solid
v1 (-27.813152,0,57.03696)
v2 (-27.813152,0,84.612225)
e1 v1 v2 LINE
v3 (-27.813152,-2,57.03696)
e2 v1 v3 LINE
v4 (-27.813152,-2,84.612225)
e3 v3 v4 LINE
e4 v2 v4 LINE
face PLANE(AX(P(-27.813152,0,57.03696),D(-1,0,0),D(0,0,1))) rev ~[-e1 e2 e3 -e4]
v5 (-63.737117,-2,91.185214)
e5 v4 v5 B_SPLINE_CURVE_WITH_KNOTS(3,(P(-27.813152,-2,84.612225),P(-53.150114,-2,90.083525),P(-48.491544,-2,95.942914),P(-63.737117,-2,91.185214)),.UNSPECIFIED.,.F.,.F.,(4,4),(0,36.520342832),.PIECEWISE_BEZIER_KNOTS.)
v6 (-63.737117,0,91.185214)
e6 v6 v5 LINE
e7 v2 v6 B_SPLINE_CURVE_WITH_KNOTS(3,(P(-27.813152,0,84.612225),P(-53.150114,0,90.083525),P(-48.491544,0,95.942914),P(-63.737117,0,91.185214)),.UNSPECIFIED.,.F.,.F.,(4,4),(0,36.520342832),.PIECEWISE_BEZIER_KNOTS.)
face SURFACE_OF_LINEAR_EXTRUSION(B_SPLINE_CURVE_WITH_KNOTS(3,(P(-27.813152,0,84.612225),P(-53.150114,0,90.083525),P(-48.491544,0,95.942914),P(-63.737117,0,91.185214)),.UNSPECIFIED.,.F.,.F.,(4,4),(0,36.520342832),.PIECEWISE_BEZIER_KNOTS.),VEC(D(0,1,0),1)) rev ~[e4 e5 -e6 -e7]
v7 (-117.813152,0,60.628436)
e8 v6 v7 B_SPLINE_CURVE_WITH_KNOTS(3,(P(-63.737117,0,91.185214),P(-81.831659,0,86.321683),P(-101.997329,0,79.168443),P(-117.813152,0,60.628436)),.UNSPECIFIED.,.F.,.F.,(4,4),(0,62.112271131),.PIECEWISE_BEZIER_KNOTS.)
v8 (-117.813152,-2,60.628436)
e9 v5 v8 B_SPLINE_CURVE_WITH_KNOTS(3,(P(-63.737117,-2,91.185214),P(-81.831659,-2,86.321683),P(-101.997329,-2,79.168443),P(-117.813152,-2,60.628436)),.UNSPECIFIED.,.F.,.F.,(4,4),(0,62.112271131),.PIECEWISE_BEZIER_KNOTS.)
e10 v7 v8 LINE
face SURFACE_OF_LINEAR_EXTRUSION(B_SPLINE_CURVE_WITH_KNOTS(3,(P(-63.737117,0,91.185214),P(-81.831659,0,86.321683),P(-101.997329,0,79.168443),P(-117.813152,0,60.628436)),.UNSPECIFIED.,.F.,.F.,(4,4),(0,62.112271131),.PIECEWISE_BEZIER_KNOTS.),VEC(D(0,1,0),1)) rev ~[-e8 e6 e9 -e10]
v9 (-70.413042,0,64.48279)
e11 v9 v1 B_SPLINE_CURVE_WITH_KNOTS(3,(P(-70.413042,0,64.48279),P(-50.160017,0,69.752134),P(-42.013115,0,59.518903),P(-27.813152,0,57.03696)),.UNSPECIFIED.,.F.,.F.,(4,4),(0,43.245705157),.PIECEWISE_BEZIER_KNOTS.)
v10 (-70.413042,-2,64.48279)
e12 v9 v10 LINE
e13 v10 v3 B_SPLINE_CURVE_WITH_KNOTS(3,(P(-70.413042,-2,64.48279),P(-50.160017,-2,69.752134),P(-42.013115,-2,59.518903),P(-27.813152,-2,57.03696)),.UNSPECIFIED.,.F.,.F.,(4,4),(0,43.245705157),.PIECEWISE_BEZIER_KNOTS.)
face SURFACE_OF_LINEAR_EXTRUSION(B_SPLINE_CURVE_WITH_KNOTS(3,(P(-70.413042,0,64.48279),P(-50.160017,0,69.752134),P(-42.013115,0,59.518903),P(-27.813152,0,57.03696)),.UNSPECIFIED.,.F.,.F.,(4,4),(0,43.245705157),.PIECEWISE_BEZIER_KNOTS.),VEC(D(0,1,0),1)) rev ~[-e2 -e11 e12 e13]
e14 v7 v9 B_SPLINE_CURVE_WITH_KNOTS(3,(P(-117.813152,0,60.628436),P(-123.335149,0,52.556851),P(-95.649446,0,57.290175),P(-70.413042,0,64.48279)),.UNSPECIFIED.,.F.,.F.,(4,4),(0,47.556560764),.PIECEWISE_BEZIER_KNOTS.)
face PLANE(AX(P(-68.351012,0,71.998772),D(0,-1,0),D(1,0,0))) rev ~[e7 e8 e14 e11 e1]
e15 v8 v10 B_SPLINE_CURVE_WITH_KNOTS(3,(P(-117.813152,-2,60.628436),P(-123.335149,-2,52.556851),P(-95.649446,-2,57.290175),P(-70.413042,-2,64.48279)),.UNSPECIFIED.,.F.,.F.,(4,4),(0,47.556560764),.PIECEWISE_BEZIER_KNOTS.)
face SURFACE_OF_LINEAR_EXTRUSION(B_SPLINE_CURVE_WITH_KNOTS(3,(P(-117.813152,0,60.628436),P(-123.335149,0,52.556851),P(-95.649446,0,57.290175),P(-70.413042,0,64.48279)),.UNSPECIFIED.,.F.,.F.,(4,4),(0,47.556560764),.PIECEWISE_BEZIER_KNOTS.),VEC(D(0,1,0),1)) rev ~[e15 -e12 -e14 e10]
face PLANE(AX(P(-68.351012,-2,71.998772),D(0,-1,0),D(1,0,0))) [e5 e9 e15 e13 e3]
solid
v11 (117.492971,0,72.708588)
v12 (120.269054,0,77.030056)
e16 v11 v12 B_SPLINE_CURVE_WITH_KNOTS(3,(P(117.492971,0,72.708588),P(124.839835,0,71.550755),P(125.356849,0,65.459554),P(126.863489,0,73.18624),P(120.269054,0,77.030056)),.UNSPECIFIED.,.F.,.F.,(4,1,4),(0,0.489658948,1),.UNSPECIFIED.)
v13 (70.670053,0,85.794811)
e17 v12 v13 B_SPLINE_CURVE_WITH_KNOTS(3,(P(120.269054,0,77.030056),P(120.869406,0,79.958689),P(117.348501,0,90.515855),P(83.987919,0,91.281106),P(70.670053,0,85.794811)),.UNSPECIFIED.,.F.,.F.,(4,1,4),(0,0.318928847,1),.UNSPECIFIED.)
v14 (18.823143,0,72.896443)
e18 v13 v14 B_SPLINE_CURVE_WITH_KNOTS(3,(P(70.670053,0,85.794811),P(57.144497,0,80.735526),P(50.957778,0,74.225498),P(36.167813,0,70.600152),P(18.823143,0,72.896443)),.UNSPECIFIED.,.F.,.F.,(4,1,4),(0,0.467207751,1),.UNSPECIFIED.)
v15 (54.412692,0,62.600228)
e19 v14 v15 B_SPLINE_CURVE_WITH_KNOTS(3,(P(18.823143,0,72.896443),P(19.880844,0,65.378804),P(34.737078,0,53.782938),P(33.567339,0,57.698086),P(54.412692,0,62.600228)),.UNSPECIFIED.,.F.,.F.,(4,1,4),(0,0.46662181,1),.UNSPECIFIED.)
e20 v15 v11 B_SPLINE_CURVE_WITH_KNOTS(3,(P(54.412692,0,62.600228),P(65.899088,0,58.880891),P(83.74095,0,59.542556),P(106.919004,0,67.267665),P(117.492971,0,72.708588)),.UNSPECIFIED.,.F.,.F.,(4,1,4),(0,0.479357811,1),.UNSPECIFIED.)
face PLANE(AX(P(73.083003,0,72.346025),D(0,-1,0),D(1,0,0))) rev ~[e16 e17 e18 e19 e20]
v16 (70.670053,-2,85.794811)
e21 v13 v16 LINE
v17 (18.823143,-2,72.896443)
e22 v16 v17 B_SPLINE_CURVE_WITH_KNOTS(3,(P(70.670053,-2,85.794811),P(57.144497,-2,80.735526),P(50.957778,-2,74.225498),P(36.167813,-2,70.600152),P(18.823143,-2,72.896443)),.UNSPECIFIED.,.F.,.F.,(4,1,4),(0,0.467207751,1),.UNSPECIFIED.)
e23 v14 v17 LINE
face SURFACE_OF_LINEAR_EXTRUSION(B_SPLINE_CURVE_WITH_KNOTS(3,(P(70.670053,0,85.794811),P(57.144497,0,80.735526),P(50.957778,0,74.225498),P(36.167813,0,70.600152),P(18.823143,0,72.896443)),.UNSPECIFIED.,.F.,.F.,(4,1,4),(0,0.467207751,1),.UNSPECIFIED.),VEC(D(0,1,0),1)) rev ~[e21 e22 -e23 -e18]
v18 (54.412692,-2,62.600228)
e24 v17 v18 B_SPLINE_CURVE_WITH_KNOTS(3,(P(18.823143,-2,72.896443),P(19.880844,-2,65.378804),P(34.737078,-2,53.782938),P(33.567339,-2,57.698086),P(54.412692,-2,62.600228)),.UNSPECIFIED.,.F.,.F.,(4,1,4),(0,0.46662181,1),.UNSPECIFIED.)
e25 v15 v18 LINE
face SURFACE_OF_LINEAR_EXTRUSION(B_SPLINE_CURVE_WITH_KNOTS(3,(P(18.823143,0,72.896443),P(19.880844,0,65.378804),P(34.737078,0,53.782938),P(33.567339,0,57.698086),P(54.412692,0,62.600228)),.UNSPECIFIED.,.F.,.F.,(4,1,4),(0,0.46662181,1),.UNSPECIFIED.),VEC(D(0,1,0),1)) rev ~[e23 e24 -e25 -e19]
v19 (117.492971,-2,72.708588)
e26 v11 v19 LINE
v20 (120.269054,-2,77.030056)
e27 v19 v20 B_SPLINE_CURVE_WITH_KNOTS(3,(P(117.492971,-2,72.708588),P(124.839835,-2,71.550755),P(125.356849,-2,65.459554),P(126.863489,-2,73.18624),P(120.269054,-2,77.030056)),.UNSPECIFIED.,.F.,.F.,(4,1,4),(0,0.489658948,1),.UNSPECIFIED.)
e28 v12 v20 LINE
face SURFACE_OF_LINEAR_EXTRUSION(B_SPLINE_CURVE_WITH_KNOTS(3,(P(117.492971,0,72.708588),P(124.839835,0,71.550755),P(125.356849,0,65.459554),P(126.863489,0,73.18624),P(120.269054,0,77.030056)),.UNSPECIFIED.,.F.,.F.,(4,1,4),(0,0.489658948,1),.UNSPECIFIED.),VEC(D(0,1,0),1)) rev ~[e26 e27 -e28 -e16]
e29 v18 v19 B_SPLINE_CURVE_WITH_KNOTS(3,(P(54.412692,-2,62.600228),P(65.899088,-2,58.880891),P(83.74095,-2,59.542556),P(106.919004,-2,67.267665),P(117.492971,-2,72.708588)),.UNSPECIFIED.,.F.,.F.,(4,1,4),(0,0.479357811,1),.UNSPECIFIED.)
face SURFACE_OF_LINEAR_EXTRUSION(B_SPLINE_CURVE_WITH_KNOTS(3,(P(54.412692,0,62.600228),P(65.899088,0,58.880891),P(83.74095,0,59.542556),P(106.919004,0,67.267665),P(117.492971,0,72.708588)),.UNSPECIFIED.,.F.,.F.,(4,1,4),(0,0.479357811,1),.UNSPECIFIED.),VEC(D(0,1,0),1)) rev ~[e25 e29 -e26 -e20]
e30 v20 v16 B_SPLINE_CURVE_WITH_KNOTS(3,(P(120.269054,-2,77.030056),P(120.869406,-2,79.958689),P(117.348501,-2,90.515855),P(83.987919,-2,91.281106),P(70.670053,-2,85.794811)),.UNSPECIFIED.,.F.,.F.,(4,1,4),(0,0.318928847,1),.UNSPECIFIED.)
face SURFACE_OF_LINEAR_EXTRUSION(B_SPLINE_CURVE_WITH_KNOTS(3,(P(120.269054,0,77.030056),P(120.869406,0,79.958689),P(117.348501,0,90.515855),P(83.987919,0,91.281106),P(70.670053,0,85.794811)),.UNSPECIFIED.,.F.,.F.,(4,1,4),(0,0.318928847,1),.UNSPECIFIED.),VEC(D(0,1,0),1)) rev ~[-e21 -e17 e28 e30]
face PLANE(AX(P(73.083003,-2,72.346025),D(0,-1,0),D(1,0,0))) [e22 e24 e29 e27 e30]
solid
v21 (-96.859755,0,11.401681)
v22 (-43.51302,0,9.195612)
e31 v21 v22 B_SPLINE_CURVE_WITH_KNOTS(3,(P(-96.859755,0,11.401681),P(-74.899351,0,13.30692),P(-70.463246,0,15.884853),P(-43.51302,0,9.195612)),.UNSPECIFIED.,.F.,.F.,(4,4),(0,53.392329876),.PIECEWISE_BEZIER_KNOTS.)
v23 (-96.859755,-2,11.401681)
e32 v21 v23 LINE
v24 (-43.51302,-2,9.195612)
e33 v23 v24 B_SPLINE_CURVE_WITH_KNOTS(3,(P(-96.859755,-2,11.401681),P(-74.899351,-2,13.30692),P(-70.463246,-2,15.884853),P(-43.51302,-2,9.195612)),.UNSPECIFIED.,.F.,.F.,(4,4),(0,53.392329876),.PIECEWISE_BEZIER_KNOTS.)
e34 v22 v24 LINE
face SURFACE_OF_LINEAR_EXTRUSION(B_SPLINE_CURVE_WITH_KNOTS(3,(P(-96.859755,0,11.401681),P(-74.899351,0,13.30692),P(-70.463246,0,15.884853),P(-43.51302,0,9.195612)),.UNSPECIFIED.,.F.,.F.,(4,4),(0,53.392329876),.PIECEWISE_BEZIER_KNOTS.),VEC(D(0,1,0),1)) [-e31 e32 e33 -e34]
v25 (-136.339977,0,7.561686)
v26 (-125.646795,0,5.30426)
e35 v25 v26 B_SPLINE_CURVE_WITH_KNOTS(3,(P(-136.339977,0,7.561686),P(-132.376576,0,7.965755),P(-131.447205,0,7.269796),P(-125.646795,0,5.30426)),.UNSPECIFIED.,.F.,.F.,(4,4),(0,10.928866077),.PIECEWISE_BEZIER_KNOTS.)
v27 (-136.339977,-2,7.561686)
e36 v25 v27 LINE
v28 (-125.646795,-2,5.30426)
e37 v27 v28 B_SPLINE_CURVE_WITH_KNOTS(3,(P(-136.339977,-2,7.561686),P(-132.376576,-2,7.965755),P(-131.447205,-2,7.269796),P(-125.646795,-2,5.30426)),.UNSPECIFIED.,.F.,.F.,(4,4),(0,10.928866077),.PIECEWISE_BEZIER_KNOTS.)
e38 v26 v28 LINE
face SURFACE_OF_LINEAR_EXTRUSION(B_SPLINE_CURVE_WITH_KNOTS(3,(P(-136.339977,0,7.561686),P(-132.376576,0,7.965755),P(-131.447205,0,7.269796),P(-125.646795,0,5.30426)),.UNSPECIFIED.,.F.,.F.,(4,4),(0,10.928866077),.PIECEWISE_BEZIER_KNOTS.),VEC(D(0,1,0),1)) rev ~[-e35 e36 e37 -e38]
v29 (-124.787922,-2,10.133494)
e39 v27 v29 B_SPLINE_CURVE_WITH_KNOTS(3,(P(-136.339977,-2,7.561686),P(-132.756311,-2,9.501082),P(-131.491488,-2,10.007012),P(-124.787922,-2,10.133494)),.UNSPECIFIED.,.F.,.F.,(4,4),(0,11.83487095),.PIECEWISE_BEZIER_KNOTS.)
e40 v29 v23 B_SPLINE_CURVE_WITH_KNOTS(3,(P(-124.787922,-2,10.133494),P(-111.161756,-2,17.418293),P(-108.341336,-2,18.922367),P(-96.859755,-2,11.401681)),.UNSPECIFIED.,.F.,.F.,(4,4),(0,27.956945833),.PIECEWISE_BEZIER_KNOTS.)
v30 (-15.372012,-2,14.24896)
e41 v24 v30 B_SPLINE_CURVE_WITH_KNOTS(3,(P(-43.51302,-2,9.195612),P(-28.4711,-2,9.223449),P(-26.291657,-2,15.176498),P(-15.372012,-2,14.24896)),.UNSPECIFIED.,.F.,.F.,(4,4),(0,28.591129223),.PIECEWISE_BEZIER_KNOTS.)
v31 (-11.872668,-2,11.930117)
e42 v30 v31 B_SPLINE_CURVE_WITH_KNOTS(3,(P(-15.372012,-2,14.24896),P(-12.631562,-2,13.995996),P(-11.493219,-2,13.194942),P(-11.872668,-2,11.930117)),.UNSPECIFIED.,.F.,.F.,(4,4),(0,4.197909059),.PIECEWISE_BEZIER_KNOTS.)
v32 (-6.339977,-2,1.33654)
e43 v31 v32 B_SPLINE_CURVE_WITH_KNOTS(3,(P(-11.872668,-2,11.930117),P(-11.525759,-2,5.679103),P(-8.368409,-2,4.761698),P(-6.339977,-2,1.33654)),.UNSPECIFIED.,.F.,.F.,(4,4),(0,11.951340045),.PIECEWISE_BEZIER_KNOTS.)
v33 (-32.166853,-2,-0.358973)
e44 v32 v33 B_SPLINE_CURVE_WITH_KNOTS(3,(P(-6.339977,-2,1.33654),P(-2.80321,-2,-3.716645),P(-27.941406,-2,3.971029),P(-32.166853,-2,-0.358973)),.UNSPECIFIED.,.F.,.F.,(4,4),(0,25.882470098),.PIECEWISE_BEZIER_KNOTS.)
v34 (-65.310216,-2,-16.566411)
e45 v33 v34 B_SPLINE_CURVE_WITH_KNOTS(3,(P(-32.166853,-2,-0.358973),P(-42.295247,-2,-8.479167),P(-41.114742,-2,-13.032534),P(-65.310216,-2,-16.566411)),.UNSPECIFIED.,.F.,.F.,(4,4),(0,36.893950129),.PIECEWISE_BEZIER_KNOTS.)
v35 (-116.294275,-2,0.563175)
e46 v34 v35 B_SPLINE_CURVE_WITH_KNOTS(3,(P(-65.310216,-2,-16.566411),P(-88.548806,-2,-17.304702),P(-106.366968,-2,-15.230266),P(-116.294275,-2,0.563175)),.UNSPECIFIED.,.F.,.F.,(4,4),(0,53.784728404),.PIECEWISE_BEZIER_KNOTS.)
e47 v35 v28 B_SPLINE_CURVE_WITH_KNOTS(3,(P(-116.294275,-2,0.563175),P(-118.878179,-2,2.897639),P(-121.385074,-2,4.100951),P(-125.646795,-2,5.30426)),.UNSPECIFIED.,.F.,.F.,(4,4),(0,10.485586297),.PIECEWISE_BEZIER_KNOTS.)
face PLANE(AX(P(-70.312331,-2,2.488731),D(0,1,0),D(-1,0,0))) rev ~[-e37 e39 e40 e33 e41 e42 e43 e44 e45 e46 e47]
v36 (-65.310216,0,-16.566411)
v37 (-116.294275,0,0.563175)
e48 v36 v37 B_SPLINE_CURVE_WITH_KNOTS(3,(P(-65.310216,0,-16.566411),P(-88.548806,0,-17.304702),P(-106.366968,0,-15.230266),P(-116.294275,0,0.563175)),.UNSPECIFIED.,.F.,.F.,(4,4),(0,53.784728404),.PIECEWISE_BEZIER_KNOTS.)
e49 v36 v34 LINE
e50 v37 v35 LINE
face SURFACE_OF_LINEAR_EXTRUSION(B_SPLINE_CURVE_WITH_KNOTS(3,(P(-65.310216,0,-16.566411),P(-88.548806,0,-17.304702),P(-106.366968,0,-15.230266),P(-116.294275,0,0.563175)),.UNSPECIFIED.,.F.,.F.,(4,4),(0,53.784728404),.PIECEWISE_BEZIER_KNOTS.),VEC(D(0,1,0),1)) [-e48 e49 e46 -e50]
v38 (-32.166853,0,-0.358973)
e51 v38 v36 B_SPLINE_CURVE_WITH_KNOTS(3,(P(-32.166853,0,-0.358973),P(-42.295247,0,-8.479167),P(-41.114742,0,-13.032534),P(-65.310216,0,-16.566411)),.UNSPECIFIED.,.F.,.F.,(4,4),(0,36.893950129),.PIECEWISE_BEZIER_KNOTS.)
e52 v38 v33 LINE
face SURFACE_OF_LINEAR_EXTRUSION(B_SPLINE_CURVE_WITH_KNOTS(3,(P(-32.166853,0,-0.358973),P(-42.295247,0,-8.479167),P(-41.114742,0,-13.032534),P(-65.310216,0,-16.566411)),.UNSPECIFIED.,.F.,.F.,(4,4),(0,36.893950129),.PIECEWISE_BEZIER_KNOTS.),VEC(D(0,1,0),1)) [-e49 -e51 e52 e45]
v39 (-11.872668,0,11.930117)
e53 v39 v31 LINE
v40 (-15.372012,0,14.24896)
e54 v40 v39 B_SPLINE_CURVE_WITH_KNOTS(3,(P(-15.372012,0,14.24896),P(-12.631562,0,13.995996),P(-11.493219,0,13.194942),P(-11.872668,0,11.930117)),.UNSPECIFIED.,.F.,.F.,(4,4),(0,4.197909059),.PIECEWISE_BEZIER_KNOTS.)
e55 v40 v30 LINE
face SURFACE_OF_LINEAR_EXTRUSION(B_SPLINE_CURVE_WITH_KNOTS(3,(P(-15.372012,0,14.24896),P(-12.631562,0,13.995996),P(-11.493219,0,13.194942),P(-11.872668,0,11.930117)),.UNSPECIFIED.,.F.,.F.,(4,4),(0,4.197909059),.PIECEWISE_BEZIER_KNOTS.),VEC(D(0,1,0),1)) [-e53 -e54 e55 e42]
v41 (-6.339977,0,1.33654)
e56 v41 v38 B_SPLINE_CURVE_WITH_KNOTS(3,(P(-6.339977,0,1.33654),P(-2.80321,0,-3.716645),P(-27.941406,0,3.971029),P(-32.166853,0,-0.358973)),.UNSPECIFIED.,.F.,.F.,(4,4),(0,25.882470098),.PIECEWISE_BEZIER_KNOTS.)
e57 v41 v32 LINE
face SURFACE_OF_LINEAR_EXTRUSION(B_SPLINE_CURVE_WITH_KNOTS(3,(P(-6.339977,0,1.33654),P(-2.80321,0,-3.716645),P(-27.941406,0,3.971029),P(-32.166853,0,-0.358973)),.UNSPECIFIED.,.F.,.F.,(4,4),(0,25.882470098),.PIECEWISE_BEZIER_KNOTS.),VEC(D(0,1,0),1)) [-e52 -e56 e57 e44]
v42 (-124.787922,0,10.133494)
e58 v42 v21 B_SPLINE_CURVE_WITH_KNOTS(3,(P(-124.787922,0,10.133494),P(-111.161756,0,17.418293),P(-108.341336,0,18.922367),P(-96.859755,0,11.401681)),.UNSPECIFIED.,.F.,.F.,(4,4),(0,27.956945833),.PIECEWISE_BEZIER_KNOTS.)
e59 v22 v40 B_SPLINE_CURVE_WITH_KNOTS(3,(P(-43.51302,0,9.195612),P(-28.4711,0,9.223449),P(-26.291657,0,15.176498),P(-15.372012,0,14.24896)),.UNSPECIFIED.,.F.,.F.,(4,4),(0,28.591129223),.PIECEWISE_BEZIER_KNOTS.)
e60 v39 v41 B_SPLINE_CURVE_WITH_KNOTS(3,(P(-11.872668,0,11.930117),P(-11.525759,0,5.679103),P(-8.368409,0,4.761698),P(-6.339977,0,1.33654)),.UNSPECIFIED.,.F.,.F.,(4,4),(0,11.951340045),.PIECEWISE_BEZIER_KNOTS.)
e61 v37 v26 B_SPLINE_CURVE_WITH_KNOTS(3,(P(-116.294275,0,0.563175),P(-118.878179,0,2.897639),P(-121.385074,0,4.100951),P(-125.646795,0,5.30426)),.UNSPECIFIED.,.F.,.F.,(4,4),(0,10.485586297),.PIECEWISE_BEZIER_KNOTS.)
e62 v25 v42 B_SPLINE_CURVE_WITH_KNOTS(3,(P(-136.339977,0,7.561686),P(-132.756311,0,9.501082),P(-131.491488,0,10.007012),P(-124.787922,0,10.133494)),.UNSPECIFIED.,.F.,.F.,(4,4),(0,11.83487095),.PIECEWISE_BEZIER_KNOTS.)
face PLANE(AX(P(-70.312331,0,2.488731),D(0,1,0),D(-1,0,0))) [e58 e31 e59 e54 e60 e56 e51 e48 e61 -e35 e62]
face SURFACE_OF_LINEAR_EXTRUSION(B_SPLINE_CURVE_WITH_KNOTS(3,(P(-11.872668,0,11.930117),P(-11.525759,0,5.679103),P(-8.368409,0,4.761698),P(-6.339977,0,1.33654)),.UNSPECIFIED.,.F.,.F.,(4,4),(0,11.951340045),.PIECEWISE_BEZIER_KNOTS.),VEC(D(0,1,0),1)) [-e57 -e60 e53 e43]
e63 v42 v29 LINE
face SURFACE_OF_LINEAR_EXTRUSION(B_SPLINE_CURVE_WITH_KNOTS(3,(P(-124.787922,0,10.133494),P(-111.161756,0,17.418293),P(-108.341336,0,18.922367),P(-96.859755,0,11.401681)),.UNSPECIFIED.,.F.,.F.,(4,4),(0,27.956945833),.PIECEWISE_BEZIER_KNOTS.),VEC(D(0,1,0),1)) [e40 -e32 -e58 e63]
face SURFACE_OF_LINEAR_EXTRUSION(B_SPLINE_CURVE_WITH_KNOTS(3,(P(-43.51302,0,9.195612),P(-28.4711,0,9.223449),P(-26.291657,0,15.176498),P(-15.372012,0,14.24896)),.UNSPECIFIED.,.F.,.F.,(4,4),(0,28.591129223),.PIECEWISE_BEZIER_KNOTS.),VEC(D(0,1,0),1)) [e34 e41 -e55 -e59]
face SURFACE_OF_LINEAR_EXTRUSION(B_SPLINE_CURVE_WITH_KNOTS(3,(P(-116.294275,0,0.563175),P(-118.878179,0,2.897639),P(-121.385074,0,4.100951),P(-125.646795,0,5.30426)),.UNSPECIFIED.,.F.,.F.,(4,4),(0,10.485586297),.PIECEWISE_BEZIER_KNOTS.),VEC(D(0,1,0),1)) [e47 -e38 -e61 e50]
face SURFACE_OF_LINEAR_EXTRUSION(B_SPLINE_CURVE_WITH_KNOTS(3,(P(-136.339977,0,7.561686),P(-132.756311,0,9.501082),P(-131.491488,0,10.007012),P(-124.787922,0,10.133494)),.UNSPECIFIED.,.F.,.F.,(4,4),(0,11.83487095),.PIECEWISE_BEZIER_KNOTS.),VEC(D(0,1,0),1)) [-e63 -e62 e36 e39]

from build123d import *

# Parameters (mm, degrees)
F1_DEPTH = 2
F2_DEPTH = 2
F3_DEPTH = 2


with BuildPart() as f1:
    # F0 (on Front) → F1 (new body)
    with BuildSketch(Plane.XZ):
        with BuildLine():
            add(Edge.make_bspline(
                [(18.8231425051, 72.8964428303), (19.8808436069, 65.3788038107), (34.7370776251, 53.7829384898), (33.5673388016, 57.6980862061), (54.4126917131, 62.6002282298)],
                knots=[0, 0, 0, 0, 0.4666218102, 1, 1, 1, 1], degree=3))
            add(Edge.make_bspline(
                [(54.4126917131, 62.6002282298), (65.8990881443, 58.8808907475), (83.7409495409, 59.5425556906), (106.919003505, 67.2676650688), (117.4929710335, 72.7085880731)],
                knots=[0, 0, 0, 0, 0.4793578106, 1, 1, 1, 1], degree=3))
            add(Edge.make_bspline(
                [(117.4929710335, 72.7085880731), (124.8398352237, 71.5507546419), (125.3568491925, 65.4595539697), (126.8634894168, 73.1862400584), (120.2690540196, 77.0300564117)],
                knots=[0, 0, 0, 0, 0.4896589483, 1, 1, 1, 1], degree=3))
            add(Edge.make_bspline(
                [(120.2690540196, 77.0300564117), (120.8694055814, 79.9586893693), (117.3485005207, 90.5158551947), (83.9879186797, 91.2811061004), (70.6700533378, 85.7948111885)],
                knots=[0, 0, 0, 0, 0.3189288468, 1, 1, 1, 1], degree=3))
            add(Edge.make_bspline(
                [(70.6700533378, 85.7948111885), (57.1444968179, 80.7355256917), (50.9577782702, 74.2254984537), (36.1678127727, 70.6001524196), (18.8231425051, 72.8964428303)],
                knots=[0, 0, 0, 0, 0.4672077511, 1, 1, 1, 1], degree=3))
        make_face()
    extrude(amount=F1_DEPTH)


with BuildPart() as f2:
    # F0 (on Front) → F2 (new body)
    with BuildSketch(Plane.XZ):
        with BuildLine():
            Line((-27.8131521207, 57.0369597776), (-27.8131521207, 84.6122249882))
            add(Edge.make_bspline(
                [(-27.8131521207, 84.6122249882), (-53.150113672, 90.0835245848), (-48.4915439647, 95.9429144754), (-63.7371170591, 91.1852139324)],
                knots=[0, 0, 0, 0, 36.5203428319, 36.5203428319, 36.5203428319, 36.5203428319], degree=3))
            add(Edge.make_bspline(
                [(-63.7371170591, 91.1852139324), (-81.8316591854, 86.3216825835), (-101.997328814, 79.1684429978), (-117.8131521207, 60.6284363369)],
                knots=[0, 0, 0, 0, 62.1122711306, 62.1122711306, 62.1122711306, 62.1122711306], degree=3))
            add(Edge.make_bspline(
                [(-117.8131521207, 60.6284363369), (-123.3351490576, 52.556851388), (-95.6494464383, 57.2901753206), (-70.413042105, 64.4827900117)],
                knots=[0, 0, 0, 0, 47.5565607645, 47.5565607645, 47.5565607645, 47.5565607645], degree=3))
            add(Edge.make_bspline(
                [(-70.413042105, 64.4827900117), (-50.1600168645, 69.7521343827), (-42.0131154488, 59.518903189), (-27.8131521207, 57.0369597776)],
                knots=[0, 0, 0, 0, 43.2457051573, 43.2457051573, 43.2457051573, 43.2457051573], degree=3))
        make_face()
    extrude(amount=F2_DEPTH)


with BuildPart() as f3:
    # F0 (on Front) → F3 (new body)
    with BuildSketch(Plane.XZ):
        with BuildLine():
            add(Edge.make_bspline(
                [(-136.3399773836, 7.5616859831), (-132.7563108469, 9.5010822872), (-131.491487591, 10.0070115895), (-124.7879223996, 10.1334939151)],
                knots=[0, 0, 0, 0, 11.8348709496, 11.8348709496, 11.8348709496, 11.8348709496], degree=3))
            add(Edge.make_bspline(
                [(-136.3399773836, 7.5616859831), (-132.3765755174, 7.9657551829), (-131.4472051335, 7.2697956545), (-125.6467953898, 5.3042598891)],
                knots=[0, 0, 0, 0, 10.9288660767, 10.9288660767, 10.9288660767, 10.9288660767], degree=3))
            add(Edge.make_bspline(
                [(-116.2942753437, 0.5631746987), (-118.8781786065, 2.8976393412), (-121.3850742849, 4.1009505828), (-125.6467953898, 5.3042598891)],
                knots=[0, 0, 0, 0, 10.4855862972, 10.4855862972, 10.4855862972, 10.4855862972], degree=3))
            add(Edge.make_bspline(
                [(-65.3102159774, -16.5664108198), (-88.5488057038, -17.3047020707), (-106.3669677607, -15.2302657525), (-116.2942753437, 0.5631746987)],
                knots=[0, 0, 0, 0, 53.7847284041, 53.7847284041, 53.7847284041, 53.7847284041], degree=3))
            add(Edge.make_bspline(
                [(-32.1668527531, -0.3589733213), (-42.295246662, -8.4791668787), (-41.1147423762, -13.0325344704), (-65.3102159774, -16.5664108198)],
                knots=[0, 0, 0, 0, 36.8939501285, 36.8939501285, 36.8939501285, 36.8939501285], degree=3))
            add(Edge.make_bspline(
                [(-6.3399773836, 1.3365404737), (-2.8032097663, -3.7166448916), (-27.941406029, 3.9710293128), (-32.1668527531, -0.3589733213)],
                knots=[0, 0, 0, 0, 25.8824700981, 25.8824700981, 25.8824700981, 25.8824700981], degree=3))
            add(Edge.make_bspline(
                [(-11.8726681078, 11.9301169345), (-11.5257585385, 5.6791028992), (-8.3684088692, 4.7616981841), (-6.3399773836, 1.3365404737)],
                knots=[0, 0, 0, 0, 11.9513400454, 11.9513400454, 11.9513400454, 11.9513400454], degree=3))
            add(Edge.make_bspline(
                [(-15.372011804, 14.2489602154), (-12.6315620613, 13.9959955642), (-11.4932191958, 13.1949421256), (-11.8726681078, 11.9301169345)],
                knots=[0, 0, 0, 0, 4.1979090587, 4.1979090587, 4.1979090587, 4.1979090587], degree=3))
            add(Edge.make_bspline(
                [(-43.5130200487, 9.1956122931), (-28.4711002373, 9.2234489712), (-26.2916570953, 15.1764979148), (-15.372011804, 14.2489602154)],
                knots=[0, 0, 0, 0, 28.5911292231, 28.5911292231, 28.5911292231, 28.5911292231], degree=3))
            add(Edge.make_bspline(
                [(-96.8597552071, 11.4016806448), (-74.8993506904, 13.3069197348), (-70.4632463631, 15.8848527423), (-43.5130200487, 9.1956122931)],
                knots=[0, 0, 0, 0, 53.3923298764, 53.3923298764, 53.3923298764, 53.3923298764], degree=3))
            add(Edge.make_bspline(
                [(-124.7879223996, 10.1334939151), (-111.1617562199, 17.4182929708), (-108.3413360205, 18.9223667122), (-96.8597552071, 11.4016806448)],
                knots=[0, 0, 0, 0, 27.9569458331, 27.9569458331, 27.9569458331, 27.9569458331], degree=3))
        make_face()
    extrude(amount=F3_DEPTH)


solid = Compound([f1.part, f2.part, f3.part])
